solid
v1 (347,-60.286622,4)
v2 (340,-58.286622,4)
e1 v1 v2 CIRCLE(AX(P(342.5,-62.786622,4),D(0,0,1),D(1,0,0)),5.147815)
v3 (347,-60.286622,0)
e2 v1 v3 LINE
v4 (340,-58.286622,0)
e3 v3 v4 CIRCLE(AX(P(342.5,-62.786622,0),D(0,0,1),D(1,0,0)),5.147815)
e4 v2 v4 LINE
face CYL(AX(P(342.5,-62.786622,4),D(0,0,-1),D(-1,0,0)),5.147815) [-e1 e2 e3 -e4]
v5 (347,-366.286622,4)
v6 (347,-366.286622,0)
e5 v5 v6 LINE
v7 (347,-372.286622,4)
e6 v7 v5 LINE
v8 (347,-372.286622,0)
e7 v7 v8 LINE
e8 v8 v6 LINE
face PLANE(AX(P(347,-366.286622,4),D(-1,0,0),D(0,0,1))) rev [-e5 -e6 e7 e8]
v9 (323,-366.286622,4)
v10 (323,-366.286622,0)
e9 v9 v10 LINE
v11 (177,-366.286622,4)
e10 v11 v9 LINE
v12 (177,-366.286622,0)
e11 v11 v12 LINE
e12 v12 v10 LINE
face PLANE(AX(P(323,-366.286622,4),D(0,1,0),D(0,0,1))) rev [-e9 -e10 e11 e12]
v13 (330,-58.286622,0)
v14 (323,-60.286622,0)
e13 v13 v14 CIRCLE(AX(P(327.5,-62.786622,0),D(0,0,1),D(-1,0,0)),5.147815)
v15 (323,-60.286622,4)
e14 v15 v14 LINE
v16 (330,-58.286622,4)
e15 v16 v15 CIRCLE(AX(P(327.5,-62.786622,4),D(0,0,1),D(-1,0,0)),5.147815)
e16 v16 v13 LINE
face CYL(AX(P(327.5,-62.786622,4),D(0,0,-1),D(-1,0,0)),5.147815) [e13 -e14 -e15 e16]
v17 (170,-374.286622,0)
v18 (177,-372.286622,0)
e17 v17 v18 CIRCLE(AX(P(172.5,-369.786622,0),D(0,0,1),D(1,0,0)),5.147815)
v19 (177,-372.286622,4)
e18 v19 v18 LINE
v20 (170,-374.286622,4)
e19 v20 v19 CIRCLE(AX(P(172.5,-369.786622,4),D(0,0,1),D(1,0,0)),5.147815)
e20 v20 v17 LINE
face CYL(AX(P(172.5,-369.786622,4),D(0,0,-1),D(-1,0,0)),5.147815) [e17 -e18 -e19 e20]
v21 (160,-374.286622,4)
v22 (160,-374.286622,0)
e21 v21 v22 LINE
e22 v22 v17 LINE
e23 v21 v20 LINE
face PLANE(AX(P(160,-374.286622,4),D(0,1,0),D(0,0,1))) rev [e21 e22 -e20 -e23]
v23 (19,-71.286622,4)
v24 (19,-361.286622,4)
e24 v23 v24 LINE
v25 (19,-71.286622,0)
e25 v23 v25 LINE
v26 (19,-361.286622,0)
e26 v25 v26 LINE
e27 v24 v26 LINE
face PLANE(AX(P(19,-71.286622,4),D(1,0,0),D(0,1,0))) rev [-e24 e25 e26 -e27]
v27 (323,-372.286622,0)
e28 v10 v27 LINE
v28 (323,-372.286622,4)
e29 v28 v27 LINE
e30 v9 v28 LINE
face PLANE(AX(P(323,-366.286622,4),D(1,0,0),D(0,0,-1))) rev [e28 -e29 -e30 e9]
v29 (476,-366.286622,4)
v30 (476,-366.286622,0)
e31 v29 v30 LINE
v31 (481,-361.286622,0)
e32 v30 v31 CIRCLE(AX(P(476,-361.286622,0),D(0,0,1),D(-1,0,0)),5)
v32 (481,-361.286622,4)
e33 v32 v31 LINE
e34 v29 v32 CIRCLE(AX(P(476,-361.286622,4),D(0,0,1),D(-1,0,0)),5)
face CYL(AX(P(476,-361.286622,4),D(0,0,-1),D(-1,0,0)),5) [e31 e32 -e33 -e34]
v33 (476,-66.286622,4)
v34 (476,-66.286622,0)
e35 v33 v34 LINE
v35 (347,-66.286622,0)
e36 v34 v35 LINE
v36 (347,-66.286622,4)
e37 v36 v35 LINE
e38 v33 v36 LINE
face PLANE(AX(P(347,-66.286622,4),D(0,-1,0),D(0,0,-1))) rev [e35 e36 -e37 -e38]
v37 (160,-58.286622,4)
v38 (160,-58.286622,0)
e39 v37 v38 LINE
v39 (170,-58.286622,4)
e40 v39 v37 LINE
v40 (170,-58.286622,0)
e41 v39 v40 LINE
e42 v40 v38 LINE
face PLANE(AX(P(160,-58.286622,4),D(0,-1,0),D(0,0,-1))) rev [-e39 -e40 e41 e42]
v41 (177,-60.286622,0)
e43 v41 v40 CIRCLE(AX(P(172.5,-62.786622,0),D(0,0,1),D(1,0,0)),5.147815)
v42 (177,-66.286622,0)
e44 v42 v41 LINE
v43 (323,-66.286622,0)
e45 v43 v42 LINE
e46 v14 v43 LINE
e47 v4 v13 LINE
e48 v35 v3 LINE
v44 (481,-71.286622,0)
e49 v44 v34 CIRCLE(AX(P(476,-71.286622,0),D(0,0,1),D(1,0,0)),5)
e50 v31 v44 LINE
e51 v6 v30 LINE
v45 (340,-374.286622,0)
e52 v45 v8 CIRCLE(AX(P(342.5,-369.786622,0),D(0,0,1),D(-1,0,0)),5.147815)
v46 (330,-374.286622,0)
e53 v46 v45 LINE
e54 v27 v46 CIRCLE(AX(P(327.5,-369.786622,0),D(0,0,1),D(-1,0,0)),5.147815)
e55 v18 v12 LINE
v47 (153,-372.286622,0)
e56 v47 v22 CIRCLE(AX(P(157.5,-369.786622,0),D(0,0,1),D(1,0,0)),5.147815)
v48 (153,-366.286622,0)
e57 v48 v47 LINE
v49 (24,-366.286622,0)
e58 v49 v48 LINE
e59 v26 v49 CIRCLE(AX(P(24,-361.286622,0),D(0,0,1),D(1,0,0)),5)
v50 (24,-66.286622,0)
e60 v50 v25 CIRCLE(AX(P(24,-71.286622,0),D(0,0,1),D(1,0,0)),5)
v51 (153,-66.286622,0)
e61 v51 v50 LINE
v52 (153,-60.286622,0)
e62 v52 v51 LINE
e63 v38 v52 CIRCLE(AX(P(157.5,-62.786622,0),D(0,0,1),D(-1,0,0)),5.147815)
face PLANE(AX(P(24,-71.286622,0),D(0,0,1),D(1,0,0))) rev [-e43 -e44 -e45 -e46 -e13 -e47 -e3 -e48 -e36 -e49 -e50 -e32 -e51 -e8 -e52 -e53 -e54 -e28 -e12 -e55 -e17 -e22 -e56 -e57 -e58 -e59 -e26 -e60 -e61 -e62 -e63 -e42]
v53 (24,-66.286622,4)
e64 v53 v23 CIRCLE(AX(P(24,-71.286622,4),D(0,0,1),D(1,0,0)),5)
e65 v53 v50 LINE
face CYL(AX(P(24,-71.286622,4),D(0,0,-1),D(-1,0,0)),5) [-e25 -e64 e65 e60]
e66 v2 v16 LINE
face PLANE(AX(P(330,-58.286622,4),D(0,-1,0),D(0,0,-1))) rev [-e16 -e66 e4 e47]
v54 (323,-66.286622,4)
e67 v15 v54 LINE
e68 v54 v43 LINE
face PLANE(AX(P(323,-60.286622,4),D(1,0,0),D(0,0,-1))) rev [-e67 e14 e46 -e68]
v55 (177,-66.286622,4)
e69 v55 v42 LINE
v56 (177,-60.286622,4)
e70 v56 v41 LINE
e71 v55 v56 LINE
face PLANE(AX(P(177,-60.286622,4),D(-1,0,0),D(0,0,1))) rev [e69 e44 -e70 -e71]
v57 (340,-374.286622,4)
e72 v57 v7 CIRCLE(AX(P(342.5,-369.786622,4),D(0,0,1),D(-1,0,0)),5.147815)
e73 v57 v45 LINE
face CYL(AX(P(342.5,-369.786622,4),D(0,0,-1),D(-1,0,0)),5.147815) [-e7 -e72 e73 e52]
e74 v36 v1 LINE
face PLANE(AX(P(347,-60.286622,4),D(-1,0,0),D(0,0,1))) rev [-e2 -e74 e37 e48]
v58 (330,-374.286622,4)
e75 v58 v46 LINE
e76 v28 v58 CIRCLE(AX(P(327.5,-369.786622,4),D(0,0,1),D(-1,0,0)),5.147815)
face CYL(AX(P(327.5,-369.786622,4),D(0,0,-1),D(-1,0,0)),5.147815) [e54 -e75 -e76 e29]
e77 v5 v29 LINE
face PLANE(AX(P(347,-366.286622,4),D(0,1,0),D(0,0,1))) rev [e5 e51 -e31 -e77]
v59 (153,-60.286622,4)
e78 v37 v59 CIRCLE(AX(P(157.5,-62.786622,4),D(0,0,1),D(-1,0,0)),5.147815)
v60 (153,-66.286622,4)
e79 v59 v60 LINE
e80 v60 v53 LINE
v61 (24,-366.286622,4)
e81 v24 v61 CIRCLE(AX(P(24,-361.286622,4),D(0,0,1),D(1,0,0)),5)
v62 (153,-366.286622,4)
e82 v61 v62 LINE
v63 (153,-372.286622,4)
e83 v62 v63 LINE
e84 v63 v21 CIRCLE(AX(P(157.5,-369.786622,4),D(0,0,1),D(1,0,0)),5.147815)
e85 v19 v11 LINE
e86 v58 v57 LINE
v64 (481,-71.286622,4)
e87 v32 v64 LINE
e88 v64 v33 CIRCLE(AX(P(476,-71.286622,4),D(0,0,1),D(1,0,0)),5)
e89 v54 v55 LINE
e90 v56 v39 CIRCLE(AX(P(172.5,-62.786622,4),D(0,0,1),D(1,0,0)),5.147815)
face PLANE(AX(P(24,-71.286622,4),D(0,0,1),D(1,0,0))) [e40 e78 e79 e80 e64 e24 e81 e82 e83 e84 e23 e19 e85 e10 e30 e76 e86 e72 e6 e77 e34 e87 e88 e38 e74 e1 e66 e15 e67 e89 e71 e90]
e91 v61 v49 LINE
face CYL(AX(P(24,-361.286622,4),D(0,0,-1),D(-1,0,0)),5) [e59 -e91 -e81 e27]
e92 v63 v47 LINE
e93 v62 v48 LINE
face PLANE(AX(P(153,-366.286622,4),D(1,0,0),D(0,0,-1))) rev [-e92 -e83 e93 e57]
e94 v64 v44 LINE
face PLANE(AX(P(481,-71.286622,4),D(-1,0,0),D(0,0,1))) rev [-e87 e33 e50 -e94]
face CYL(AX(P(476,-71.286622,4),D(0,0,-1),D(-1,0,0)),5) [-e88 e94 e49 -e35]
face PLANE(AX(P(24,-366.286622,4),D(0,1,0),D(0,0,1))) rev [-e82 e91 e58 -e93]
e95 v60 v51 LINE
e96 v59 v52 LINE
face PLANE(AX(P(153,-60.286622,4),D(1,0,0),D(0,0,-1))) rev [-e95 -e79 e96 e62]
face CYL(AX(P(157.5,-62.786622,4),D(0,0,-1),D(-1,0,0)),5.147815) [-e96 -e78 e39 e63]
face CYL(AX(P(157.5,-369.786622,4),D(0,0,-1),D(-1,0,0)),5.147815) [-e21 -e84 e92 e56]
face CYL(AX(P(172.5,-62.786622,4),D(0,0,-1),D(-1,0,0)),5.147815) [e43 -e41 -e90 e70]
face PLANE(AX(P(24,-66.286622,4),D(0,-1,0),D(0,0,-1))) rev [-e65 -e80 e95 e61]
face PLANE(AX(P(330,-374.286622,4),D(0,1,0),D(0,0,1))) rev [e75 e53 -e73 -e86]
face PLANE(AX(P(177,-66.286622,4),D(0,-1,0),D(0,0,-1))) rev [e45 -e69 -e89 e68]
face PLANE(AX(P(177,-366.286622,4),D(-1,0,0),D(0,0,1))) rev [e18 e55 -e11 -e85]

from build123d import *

# Parameters (mm, degrees)
EXTRUDE_1_DEPTH = 4


with BuildPart() as part:
    # Эскиз1 → Бобышка-Вытянуть1 (new body)
    with BuildSketch(Plane.XY):
        with BuildLine():
            Line((177, -66.286621906), (323, -66.286621906))
            Line((323, -66.286621906), (323, -60.286621906))
            ThreePointArc((323, -60.286621906), (326.085786438, -57.836874437), (330, -58.286621906))
            Line((330, -58.286621906), (340, -58.286621906))
            ThreePointArc((340, -58.286621906), (343.914213562, -57.836874437), (347, -60.286621906))
            Line((347, -60.286621906), (347, -66.286621906))
            Line((347, -66.286621906), (476, -66.286621906))
            ThreePointArc((476, -66.286621906), (479.535533906, -67.751088), (481, -71.286621906))
            Line((481, -71.286621906), (481, -361.286621906))
            ThreePointArc((481, -361.286621906), (479.535533906, -364.822155812), (476, -366.286621906))
            Line((476, -366.286621906), (347, -366.286621906))
            Line((347, -366.286621906), (347, -372.286621906))
            ThreePointArc((347, -372.286621906), (343.914213562, -374.736369374), (340, -374.286621906))
            Line((340, -374.286621906), (330, -374.286621906))
            ThreePointArc((330, -374.286621906), (326.085786438, -374.736369374), (323, -372.286621906))
            Line((323, -372.286621906), (323, -366.286621906))
            Line((323, -366.286621906), (177, -366.286621906))
            Line((177, -366.286621906), (177, -372.286621906))
            ThreePointArc((177, -372.286621906), (173.914213562, -374.736369374), (170, -374.286621906))
            Line((170, -374.286621906), (160, -374.286621906))
            ThreePointArc((160, -374.286621906), (156.085786438, -374.736369374), (153, -372.286621906))
            Line((153, -372.286621906), (153, -366.286621906))
            Line((153, -366.286621906), (24, -366.286621906))
            ThreePointArc((24, -366.286621906), (20.464466094, -364.822155812), (19, -361.286621906))
            Line((19, -361.286621906), (19, -71.286621906))
            ThreePointArc((19, -71.286621906), (20.464466094, -67.751088), (24, -66.286621906))
            Line((24, -66.286621906), (153, -66.286621906))
            Line((153, -66.286621906), (153, -60.286621906))
            ThreePointArc((153, -60.286621906), (156.085786438, -57.836874437), (160, -58.286621906))
            Line((160, -58.286621906), (170, -58.286621906))
            ThreePointArc((170, -58.286621906), (173.914213562, -57.836874437), (177, -60.286621906))
            Line((177, -60.286621906), (177, -66.286621906))
        make_face()
    extrude(amount=EXTRUDE_1_DEPTH)


solid = part.part
